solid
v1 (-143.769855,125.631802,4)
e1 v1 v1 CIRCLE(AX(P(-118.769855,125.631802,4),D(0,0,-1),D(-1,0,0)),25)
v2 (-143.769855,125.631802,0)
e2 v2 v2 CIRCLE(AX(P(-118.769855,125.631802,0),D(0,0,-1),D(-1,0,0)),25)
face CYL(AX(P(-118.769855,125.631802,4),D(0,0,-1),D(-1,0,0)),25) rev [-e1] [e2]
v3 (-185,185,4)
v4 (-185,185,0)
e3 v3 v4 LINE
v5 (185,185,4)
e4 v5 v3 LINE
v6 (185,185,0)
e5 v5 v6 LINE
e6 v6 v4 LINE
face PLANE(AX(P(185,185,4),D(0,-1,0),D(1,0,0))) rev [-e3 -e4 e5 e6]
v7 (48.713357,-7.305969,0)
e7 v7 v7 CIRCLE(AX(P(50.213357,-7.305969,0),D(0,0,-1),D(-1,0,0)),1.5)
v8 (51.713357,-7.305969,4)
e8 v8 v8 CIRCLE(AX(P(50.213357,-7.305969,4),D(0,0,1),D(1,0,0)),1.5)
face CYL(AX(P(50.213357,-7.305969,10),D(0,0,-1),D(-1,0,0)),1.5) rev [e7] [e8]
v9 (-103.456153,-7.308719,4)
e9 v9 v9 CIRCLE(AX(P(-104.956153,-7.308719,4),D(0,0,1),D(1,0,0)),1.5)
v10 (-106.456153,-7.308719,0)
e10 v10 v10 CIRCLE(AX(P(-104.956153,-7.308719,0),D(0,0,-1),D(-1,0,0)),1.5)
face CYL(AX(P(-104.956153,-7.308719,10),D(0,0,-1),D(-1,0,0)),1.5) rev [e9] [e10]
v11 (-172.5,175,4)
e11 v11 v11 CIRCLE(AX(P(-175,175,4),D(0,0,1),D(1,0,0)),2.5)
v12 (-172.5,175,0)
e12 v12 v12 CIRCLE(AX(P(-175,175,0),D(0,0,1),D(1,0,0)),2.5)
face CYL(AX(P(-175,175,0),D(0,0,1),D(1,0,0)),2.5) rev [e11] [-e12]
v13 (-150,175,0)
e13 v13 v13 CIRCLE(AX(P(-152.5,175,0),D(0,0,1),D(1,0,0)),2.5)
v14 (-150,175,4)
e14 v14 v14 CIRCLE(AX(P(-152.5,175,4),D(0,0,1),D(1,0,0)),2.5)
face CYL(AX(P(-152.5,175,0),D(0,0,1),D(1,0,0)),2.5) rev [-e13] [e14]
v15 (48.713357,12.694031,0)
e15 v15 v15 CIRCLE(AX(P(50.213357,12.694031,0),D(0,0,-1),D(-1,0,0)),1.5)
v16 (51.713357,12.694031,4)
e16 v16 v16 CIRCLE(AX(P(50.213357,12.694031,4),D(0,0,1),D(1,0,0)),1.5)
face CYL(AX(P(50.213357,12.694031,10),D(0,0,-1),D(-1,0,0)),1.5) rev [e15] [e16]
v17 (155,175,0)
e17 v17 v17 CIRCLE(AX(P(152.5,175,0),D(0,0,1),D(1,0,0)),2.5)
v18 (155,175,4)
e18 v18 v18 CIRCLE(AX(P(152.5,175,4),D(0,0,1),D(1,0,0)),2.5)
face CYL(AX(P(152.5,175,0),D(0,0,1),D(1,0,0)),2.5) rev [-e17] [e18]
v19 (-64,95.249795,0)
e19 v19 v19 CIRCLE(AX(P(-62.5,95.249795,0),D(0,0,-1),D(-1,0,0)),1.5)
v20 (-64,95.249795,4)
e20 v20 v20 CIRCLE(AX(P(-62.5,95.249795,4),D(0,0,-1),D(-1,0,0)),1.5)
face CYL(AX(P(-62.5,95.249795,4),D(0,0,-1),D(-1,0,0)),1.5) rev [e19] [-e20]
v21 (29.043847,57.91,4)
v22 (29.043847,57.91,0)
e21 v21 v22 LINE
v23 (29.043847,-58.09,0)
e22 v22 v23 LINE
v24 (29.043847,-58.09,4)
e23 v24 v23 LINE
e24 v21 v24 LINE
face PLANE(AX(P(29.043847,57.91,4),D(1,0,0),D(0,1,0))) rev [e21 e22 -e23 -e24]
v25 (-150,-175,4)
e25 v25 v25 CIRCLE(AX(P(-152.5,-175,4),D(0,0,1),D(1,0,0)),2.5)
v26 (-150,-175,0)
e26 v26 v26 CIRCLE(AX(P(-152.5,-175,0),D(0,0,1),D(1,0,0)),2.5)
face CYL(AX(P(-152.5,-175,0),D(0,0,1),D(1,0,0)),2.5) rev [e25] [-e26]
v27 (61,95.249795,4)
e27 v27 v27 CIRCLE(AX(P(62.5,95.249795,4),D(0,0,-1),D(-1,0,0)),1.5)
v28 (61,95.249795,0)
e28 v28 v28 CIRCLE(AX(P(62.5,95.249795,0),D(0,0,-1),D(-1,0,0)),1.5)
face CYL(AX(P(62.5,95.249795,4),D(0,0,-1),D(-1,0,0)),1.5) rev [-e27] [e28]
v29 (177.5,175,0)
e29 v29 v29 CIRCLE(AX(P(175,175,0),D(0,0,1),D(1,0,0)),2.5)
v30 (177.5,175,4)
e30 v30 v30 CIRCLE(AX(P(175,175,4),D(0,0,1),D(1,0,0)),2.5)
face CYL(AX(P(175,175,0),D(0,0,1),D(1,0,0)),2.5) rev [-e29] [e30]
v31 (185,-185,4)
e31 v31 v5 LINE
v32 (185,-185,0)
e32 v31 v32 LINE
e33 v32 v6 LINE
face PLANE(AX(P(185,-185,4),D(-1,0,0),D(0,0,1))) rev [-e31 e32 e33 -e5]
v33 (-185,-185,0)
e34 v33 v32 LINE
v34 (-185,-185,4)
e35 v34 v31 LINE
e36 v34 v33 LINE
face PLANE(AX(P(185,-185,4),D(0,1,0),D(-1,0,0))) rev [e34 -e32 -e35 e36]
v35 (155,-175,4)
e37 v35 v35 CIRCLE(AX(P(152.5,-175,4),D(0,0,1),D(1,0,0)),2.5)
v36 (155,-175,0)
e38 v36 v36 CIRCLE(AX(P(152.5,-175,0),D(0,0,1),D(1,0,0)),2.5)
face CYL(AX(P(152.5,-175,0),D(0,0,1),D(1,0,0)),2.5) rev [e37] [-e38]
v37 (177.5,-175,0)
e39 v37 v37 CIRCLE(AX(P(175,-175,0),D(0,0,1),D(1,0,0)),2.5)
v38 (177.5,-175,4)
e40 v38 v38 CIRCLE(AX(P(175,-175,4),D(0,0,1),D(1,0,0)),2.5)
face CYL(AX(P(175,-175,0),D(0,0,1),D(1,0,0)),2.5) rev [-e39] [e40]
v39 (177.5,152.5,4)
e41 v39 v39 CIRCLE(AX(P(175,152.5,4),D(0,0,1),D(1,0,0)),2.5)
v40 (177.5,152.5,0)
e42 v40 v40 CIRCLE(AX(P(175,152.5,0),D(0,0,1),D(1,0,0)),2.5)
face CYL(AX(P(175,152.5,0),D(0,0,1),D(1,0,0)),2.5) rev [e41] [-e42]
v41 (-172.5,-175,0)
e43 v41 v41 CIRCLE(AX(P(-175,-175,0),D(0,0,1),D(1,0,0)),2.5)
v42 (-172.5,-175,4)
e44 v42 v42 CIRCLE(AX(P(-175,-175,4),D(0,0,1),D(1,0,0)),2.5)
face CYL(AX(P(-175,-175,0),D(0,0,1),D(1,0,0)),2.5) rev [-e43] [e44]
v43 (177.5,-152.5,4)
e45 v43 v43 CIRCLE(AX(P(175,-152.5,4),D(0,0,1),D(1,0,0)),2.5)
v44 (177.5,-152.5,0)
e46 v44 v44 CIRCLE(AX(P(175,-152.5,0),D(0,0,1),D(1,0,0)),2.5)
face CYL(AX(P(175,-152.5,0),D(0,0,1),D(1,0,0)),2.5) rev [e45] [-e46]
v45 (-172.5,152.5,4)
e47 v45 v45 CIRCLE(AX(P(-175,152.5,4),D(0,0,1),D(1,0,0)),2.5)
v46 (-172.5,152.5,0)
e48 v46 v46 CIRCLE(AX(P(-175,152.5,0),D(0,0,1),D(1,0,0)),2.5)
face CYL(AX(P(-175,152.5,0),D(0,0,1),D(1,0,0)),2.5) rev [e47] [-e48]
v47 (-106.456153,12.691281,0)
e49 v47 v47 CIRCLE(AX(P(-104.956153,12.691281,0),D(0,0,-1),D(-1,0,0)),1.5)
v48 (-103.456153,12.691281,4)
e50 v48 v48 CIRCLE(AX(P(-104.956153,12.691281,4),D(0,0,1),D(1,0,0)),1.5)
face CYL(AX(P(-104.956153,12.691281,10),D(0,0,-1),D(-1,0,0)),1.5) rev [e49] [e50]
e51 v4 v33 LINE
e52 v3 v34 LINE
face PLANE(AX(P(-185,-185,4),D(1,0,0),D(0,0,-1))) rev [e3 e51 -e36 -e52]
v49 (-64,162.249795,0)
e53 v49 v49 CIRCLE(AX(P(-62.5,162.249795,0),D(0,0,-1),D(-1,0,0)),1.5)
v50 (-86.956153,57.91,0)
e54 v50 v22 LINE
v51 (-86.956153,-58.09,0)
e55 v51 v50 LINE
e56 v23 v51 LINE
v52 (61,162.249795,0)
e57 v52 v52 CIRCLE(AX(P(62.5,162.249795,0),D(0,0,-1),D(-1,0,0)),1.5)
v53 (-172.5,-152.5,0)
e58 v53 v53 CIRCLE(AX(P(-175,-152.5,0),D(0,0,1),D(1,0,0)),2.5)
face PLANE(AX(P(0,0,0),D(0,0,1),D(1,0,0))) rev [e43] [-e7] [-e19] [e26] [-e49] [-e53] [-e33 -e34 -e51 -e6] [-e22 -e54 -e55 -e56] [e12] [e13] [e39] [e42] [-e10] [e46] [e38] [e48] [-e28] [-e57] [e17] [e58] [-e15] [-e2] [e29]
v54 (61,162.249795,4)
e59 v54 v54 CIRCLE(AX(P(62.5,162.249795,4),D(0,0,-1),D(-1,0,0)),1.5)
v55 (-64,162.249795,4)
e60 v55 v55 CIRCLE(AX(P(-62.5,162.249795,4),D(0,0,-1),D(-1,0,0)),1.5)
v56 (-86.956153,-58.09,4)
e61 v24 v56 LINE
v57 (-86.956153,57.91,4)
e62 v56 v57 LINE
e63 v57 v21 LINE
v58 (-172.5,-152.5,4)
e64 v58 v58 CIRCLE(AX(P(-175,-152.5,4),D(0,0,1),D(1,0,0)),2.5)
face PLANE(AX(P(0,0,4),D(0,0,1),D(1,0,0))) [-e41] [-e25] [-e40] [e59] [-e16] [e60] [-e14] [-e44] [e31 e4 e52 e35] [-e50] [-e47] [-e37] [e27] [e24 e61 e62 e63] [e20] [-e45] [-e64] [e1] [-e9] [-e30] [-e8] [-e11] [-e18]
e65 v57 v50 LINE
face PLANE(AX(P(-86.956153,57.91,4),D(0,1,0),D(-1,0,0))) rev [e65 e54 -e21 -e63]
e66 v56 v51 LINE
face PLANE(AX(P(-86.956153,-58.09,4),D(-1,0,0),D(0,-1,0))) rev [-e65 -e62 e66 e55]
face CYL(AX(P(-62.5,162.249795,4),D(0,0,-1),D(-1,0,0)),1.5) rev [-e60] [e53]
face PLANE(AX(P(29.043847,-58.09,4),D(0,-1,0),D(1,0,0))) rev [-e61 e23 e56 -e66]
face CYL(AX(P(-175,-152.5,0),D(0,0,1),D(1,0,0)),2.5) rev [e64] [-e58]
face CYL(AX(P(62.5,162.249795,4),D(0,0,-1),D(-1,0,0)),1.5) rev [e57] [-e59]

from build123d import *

# Parameters (mm, degrees)
SKETCH_1_W          = 370
SKETCH_1_H          = 370
EXTRUDE_1_DEPTH     = 4
SKETCH_2_R          = 2.5
CUT_EXTRUDE_1_DEPTH = 262.660084843
SKETCH_4_W          = 116
SKETCH_4_H          = 116
CUT_EXTRUDE_5_DEPTH = 262.660084843
SKETCH_6_R          = 1.5
CUT_EXTRUDE_7_DEPTH = 262.660084843
SKETCH_7_R          = 25
CUT_EXTRUDE_8_DEPTH = 262.660084843
SKETCH_8_R          = 1.5
CUT_EXTRUDE_9_DEPTH = 10


with BuildPart() as part:
    # 草图1 → 凸台-拉伸1 (new body)
    with BuildSketch(Plane.XY):
        Rectangle(SKETCH_1_W, SKETCH_1_H)
    extrude(amount=EXTRUDE_1_DEPTH)

    # 草图2 → 切除-拉伸1 (cut, through all)
    with BuildSketch(Plane.XY.offset(4)):
        with Locations((-175, -175)):
            Circle(SKETCH_2_R)
        with Locations((-152.5, -175)):
            Circle(SKETCH_2_R)
        with Locations((-175, -152.5)):
            Circle(SKETCH_2_R)
        with Locations((-152.5, 175)):
            Circle(SKETCH_2_R)
        with Locations((-175, 152.5)):
            Circle(SKETCH_2_R)
        with Locations((-175, 175)):
            Circle(SKETCH_2_R)
        with Locations((175, 152.5)):
            Circle(SKETCH_2_R)
        with Locations((152.5, 175)):
            Circle(SKETCH_2_R)
        with Locations((175, 175)):
            Circle(SKETCH_2_R)
        with Locations((152.5, -175)):
            Circle(SKETCH_2_R)
        with Locations((175, -152.5)):
            Circle(SKETCH_2_R)
        with Locations((175, -175)):
            Circle(SKETCH_2_R)
    extrude(amount=-CUT_EXTRUDE_1_DEPTH, mode=Mode.SUBTRACT)

    # 草图4 → 切除-拉伸5 (cut, through all)
    with BuildSketch(Plane(origin=(0, 0, 0), x_dir=(-1, 0, 0), z_dir=(0, 0, -1))):
        with Locations((28.956152895, -0.09)):
            Rectangle(SKETCH_4_W, SKETCH_4_H)
    extrude(amount=-CUT_EXTRUDE_5_DEPTH, mode=Mode.SUBTRACT)

    # 草图6 → 切除-拉伸7 (cut, through all)
    with BuildSketch(Plane(origin=(0, 0, 0), x_dir=(-1, 0, 0), z_dir=(0, 0, -1))):
        with Locations((-62.5, 162.249795252)):
            Circle(SKETCH_6_R)
        with Locations((-62.5, 95.249795252)):
            Circle(SKETCH_6_R)
        with Locations((62.5, 95.249795252)):
            Circle(SKETCH_6_R)
        with Locations((62.5, 162.249795252)):
            Circle(SKETCH_6_R)
    extrude(amount=-CUT_EXTRUDE_7_DEPTH, mode=Mode.SUBTRACT)

    # 草图7 → 切除-拉伸8 (cut, through all)
    with BuildSketch(Plane(origin=(0, 0, 0), x_dir=(-1, 0, 0), z_dir=(0, 0, -1))):
        with Locations((118.769854949, 125.631801741)):
            Circle(SKETCH_7_R)
    extrude(amount=-CUT_EXTRUDE_8_DEPTH, mode=Mode.SUBTRACT)

    # 草图8 → 切除-拉伸9 (cut)
    with BuildSketch(Plane(origin=(0, 0, 0), x_dir=(-1, 0, 0), z_dir=(0, 0, -1))):
        with Locations((-50.21335715, -7.305969028)):
            Circle(SKETCH_8_R)
        with Locations((-50.21335715, 12.694030972)):
            Circle(SKETCH_8_R)
        with Locations((104.956152895, -7.308718804)):
            Circle(SKETCH_8_R)
        with Locations((104.956152895, 12.691281196)):
            Circle(SKETCH_8_R)
    extrude(amount=-CUT_EXTRUDE_9_DEPTH, mode=Mode.SUBTRACT)


solid = part.part
